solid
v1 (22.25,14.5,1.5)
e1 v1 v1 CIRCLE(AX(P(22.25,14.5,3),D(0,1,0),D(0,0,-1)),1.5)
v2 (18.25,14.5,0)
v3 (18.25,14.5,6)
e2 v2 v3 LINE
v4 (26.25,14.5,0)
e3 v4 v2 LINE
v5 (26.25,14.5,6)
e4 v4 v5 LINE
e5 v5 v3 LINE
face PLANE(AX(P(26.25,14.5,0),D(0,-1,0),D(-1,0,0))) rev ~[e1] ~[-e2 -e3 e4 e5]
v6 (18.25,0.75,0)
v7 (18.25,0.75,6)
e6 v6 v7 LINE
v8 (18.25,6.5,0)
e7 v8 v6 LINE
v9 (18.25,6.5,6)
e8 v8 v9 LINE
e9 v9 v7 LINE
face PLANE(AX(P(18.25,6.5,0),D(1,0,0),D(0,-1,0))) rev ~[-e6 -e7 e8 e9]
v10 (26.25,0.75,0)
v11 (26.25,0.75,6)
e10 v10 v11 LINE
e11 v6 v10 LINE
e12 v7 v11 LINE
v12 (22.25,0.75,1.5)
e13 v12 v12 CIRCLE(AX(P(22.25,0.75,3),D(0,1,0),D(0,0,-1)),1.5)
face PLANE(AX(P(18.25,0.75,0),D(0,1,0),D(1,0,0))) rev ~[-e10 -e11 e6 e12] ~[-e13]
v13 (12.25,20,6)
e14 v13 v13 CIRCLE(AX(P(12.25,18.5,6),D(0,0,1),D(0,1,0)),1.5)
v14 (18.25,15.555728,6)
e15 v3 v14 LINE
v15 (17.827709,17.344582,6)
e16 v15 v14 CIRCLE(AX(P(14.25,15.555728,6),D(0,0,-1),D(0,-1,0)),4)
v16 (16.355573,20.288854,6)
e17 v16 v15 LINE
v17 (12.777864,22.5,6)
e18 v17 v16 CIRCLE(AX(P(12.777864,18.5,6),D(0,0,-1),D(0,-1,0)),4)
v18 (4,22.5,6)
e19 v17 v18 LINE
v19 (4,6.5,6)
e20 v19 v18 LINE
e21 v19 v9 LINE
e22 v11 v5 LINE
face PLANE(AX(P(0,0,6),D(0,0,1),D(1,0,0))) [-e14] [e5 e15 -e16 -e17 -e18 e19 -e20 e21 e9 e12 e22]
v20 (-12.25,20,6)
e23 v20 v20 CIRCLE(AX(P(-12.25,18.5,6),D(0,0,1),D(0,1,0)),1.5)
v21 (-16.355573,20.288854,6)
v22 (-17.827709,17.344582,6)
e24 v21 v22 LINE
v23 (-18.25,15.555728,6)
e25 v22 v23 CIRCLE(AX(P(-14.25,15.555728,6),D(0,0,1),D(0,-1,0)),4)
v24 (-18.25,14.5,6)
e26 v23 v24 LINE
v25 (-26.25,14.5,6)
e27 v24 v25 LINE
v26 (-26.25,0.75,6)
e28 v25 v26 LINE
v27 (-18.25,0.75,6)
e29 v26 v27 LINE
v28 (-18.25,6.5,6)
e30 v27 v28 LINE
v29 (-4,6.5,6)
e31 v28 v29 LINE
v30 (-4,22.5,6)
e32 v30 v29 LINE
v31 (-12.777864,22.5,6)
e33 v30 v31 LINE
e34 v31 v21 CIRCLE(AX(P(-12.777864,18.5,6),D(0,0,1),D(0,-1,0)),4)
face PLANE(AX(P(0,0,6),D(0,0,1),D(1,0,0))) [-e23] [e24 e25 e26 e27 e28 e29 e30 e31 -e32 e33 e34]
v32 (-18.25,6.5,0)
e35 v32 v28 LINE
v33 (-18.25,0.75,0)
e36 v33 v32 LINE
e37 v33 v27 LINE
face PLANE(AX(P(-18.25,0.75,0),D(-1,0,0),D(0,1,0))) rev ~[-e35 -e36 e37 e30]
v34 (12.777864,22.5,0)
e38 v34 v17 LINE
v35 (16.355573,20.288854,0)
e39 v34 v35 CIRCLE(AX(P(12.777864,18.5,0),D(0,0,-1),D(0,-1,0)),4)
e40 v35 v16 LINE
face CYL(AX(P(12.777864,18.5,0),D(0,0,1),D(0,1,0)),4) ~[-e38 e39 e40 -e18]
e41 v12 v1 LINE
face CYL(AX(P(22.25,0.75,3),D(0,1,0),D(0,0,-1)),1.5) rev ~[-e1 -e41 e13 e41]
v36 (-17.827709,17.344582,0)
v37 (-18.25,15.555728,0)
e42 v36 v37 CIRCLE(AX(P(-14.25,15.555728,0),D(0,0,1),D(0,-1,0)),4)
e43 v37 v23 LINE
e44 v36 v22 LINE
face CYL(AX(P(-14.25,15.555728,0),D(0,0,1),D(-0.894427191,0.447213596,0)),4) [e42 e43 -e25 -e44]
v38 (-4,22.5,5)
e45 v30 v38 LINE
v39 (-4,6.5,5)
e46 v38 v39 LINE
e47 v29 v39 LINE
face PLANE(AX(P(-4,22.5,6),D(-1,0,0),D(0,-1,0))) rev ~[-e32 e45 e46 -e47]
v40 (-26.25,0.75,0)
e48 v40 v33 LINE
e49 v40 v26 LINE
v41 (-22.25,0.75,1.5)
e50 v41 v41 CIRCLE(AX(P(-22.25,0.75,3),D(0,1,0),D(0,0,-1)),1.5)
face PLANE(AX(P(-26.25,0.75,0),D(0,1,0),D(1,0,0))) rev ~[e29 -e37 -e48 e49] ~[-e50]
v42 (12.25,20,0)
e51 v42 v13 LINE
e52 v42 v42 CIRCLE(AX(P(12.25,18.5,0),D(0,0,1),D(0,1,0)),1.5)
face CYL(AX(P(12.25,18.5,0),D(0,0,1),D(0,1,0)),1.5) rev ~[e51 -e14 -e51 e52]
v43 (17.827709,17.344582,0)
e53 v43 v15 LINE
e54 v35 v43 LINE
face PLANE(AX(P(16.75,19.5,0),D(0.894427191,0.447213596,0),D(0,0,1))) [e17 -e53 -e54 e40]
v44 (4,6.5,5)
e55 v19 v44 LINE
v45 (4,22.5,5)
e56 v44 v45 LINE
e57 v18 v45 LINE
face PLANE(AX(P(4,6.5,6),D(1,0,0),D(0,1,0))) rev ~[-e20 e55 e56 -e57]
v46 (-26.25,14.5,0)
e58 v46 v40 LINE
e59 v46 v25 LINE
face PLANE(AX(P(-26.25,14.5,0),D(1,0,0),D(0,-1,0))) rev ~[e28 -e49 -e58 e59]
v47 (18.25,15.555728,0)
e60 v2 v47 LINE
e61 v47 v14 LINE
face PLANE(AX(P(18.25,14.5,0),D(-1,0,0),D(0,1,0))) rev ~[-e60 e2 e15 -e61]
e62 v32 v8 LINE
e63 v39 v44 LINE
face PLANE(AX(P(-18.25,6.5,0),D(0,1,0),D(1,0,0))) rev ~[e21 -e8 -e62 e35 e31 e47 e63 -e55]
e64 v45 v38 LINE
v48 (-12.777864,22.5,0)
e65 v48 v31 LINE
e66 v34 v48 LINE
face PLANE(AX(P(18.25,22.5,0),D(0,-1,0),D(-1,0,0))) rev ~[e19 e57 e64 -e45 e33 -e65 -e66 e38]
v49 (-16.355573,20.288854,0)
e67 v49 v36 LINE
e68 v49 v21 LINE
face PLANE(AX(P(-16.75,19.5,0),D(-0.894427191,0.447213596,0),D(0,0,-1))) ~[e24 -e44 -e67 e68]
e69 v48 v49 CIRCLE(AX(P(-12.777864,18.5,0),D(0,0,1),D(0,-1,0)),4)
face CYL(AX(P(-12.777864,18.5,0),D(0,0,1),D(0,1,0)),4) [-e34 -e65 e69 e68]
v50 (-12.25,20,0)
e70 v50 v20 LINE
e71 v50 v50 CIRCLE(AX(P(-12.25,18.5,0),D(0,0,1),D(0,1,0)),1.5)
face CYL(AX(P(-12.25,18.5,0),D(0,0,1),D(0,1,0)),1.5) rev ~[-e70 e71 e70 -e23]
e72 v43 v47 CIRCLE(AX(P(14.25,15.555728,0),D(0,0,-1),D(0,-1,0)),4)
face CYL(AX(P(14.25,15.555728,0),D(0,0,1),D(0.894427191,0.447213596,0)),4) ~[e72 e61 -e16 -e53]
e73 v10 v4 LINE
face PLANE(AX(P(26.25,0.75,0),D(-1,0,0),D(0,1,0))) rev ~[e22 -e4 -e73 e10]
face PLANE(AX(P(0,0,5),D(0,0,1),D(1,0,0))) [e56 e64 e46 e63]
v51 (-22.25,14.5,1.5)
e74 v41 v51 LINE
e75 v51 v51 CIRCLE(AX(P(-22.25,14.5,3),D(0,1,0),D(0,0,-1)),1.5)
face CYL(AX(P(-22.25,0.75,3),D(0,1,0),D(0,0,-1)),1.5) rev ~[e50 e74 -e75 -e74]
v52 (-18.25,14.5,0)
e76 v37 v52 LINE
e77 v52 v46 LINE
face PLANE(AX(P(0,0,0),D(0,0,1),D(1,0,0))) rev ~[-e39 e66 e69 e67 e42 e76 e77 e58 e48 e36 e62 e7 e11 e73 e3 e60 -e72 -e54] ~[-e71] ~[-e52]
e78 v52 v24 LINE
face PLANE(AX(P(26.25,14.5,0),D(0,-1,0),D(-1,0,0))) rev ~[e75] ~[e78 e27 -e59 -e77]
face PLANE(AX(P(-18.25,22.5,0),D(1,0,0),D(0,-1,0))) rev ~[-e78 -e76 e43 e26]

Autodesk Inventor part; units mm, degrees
ref_plane "YZ Plane" through (0, 0, 0) normal (1, 0, 0) x (0, 1, 0)
ref_plane "XZ Plane" through (0, 0, 0) normal (0, 1, 0) x (-1, 0, 0)
ref_plane "XY Plane" through (0, 0, 0) normal (0, 0, 1) x (1, 0, 0)
sketch "Sketch1" plane through (0, 0, 0) normal (0, 0, 1) x (1, 0, 0)
  line L0 (-18.25, 6.5) -> (18.25, 6.5)
  line L1 (18.25, 6.5) -> (18.25, -6.5)
  line L2 (18.25, -6.5) -> (-18.25, -6.5)
  line L3 (-18.25, -6.5) -> (-18.25, 6.5)
  line L4 (26.25, 14.5) -> (-26.25, 14.5)
  line L5 (-26.25, 14.5) -> (-26.25, -14.5)
  line L6 (-26.25, -14.5) -> (26.25, -14.5)
  line L7 (26.25, -14.5) -> (26.25, 14.5)
  line L8 (-26.25, 0.75) -> (-18.25, 0.75)
  line L9 (18.25, 0.75) -> (26.25, 0.75)
  point P0 (0, 0)
  dimension "d0" = 36.5
  dimension "d1" = 13
  dimension "d2" = 8
  dimension "d3" = 18.25
  dimension "d4" = 6.5
  dimension "d5" = 0.75
  dimension "d6" = 0.75
extrude "Extrusion1" add sketch "Sketch1" along normal blind 6 contours L3 L8 L5 L4 L7 L9 L1 L0
sketch "Sketch2" plane through (18.25, 0.75, 0) normal (0, -1, 0) x (1, 0, 0)
  line L0 (-44.5, 0) -> (-36.5, 0) projected
  line L1 (-36.5, 0) -> (-36.5, 6) projected
  line L2 (-44.5, 6) -> (-36.5, 6) projected
  line L3 (-44.5, 0) -> (-44.5, 6) projected
  line L4 (0, 0) -> (8, 0) projected
  line L5 (8, 0) -> (8, 6) projected
  line L6 (0, 6) -> (8, 6) projected
  line L7 (0, 0) -> (0, 6) projected
  point P0 (-18.25, 0)
  point P1 (-40.5, 3)
  point P2 (4, 3)
  dimension "d9" = 8
  dimension "d10" = 6
  dimension "d11" = 3
  dimension "d12" = 4
  dimension "d13" = 4
  dimension "d14" = 3
hole "Hole1" at (-22.25, 0.75, 3) at (22.25, 0.75, 3) direction (0, 1, 0) diameter 3 end through all
sketch "Sketch3" plane through (0, 0, 0) normal (0, 0, -1) x (-1, 0, 0)
  line L0 (18.25, 6.5) -> (-18.25, 6.5) projected
  line L1 (18.25, 0.75) -> (18.25, 6.5) projected
  line L2 (26.25, 0.75) -> (18.25, 0.75) projected
  line L3 (26.25, 14.5) -> (26.25, 0.75) projected
  line L4 (-26.25, 14.5) -> (26.25, 14.5) projected
  line L5 (-26.25, 0.75) -> (-26.25, 14.5) projected
  line L6 (-18.25, 0.75) -> (-26.25, 0.75) projected
  line L7 (-18.25, 6.5) -> (-18.25, 0.75) projected
  line L8 (-26.25, 14.5) -> (26.25, 14.5) projected
  line L9 (18.25, 14.5) -> (-18.25, 14.5)
  line L10 (-18.25, 14.5) -> (-18.25, 22.5)
  line L11 (-18.25, 22.5) -> (18.25, 22.5)
  line L12 (18.25, 22.5) -> (18.25, 14.5)
  point P0 (0, 0)
  point P1 (12.25, 18.5)
  point P2 (-12.25, 18.5)
  dimension "d22" = 36.5
  dimension "d23" = 8
  dimension "d24" = 8
  dimension "d25" = 6
  dimension "d26" = 6
  dimension "d27" = 4
  dimension "d28" = 4
extrude "Extrusion2" add sketch "Sketch3" against normal blind 6 contours L4 L10 L11 L12
hole "Hole2" at (-12.25, 18.5, 0) at (12.25, 18.5, 0) direction (0, 0, 1) diameter 3 end through all
chamfer "Chamfer1" distance 3 distance2 6 1 edges at (-18.25, 22.5, 3) measured on face at (-6.0833, 22.5, 2)
chamfer "Chamfer2" distance 3 distance2 6 1 edges at (18.25, 22.5, 3) measured on face at (-4.0833, 22.5, 2)
fillet "Fillet1" radius 4 4 edges at (18.25, 16.5, 3) (15.25, 22.5, 3) (-15.25, 22.5, 3) (-18.25, 16.5, 3)
sketch "Sketch4" plane through (0, 0, 6) normal (0, 0, 1) x (1, 0, 0)
  circle A0 centre (12.25, 18.5) radius 1.5 projected
  circle A1 centre (-12.25, 18.5) radius 1.5 projected
  arc A2 (-17.8277, 17.3446) -> (-18.25, 15.5557) centre (-14.25, 15.5557) ccw projected
  line L0 (-18.25, 15.5557) -> (-18.25, 14.5) projected
  line L1 (-18.25, 14.5) -> (-26.25, 14.5) projected
  line L2 (-26.25, 14.5) -> (-26.25, 0.75) projected
  line L3 (-26.25, 0.75) -> (-18.25, 0.75) projected
  line L4 (-18.25, 0.75) -> (-18.25, 6.5) projected
  line L5 (-18.25, 6.5) -> (18.25, 6.5) projected
  line L6 (18.25, 6.5) -> (18.25, 0.75) projected
  line L7 (18.25, 0.75) -> (26.25, 0.75) projected
  line L8 (26.25, 0.75) -> (26.25, 14.5) projected
  line L9 (26.25, 14.5) -> (18.25, 14.5) projected
  line L10 (18.25, 14.5) -> (18.25, 15.5557) projected
  arc A3 (18.25, 15.5557) -> (17.8277, 17.3446) centre (14.25, 15.5557) ccw projected
  line L11 (16.3556, 20.2889) -> (17.8277, 17.3446) projected
  arc A4 (16.3556, 20.2889) -> (12.7779, 22.5) centre (12.7779, 18.5) ccw projected
  line L12 (12.7779, 22.5) -> (-12.7779, 22.5) projected
  arc A5 (-12.7779, 22.5) -> (-16.3556, 20.2889) centre (-12.7779, 18.5) ccw projected
  line L13 (-17.8277, 17.3446) -> (-16.3556, 20.2889) projected
  line L14 (-18.25, 6.5) -> (18.25, 6.5) projected
  line L15 (-4, 6.5) -> (4, 6.5)
  line L16 (4, 6.5) -> (4, 22.5)
  line L17 (4, 22.5) -> (-4, 22.5)
  line L18 (-4, 22.5) -> (-4, 6.5)
  point P0 (0, 0)
  dimension "d45" = 8
  dimension "d46" = 16
  dimension "d47" = 36.5
  dimension "d48" = 14.25
  dimension "d51" = 16
extrude "Extrusion3" cut sketch "Sketch4" against normal blind 1 contours L12 L16 L5 L18
equation "\"d3\" = 0.5 * d0"
equation "\"d4\" = 0.5 * d1"
equation "\"d6\" = d5"
equation "\"d11\" = 0.5 * d10"
equation "\"d12\" = 0.5 * d9"
equation "\"d13\" = d12"
equation "\"d14\" = d11"
equation "\"d27\" = 0.5 * d24"
equation "\"d28\" = d27"
equation "\"d46\" = d51"
equation "\"d48\" = -0.5 * d45 + 0.5 * d47"
properties part number "3DP_ABS_Electromagnet_Clamps" material "ABS Plastic"
